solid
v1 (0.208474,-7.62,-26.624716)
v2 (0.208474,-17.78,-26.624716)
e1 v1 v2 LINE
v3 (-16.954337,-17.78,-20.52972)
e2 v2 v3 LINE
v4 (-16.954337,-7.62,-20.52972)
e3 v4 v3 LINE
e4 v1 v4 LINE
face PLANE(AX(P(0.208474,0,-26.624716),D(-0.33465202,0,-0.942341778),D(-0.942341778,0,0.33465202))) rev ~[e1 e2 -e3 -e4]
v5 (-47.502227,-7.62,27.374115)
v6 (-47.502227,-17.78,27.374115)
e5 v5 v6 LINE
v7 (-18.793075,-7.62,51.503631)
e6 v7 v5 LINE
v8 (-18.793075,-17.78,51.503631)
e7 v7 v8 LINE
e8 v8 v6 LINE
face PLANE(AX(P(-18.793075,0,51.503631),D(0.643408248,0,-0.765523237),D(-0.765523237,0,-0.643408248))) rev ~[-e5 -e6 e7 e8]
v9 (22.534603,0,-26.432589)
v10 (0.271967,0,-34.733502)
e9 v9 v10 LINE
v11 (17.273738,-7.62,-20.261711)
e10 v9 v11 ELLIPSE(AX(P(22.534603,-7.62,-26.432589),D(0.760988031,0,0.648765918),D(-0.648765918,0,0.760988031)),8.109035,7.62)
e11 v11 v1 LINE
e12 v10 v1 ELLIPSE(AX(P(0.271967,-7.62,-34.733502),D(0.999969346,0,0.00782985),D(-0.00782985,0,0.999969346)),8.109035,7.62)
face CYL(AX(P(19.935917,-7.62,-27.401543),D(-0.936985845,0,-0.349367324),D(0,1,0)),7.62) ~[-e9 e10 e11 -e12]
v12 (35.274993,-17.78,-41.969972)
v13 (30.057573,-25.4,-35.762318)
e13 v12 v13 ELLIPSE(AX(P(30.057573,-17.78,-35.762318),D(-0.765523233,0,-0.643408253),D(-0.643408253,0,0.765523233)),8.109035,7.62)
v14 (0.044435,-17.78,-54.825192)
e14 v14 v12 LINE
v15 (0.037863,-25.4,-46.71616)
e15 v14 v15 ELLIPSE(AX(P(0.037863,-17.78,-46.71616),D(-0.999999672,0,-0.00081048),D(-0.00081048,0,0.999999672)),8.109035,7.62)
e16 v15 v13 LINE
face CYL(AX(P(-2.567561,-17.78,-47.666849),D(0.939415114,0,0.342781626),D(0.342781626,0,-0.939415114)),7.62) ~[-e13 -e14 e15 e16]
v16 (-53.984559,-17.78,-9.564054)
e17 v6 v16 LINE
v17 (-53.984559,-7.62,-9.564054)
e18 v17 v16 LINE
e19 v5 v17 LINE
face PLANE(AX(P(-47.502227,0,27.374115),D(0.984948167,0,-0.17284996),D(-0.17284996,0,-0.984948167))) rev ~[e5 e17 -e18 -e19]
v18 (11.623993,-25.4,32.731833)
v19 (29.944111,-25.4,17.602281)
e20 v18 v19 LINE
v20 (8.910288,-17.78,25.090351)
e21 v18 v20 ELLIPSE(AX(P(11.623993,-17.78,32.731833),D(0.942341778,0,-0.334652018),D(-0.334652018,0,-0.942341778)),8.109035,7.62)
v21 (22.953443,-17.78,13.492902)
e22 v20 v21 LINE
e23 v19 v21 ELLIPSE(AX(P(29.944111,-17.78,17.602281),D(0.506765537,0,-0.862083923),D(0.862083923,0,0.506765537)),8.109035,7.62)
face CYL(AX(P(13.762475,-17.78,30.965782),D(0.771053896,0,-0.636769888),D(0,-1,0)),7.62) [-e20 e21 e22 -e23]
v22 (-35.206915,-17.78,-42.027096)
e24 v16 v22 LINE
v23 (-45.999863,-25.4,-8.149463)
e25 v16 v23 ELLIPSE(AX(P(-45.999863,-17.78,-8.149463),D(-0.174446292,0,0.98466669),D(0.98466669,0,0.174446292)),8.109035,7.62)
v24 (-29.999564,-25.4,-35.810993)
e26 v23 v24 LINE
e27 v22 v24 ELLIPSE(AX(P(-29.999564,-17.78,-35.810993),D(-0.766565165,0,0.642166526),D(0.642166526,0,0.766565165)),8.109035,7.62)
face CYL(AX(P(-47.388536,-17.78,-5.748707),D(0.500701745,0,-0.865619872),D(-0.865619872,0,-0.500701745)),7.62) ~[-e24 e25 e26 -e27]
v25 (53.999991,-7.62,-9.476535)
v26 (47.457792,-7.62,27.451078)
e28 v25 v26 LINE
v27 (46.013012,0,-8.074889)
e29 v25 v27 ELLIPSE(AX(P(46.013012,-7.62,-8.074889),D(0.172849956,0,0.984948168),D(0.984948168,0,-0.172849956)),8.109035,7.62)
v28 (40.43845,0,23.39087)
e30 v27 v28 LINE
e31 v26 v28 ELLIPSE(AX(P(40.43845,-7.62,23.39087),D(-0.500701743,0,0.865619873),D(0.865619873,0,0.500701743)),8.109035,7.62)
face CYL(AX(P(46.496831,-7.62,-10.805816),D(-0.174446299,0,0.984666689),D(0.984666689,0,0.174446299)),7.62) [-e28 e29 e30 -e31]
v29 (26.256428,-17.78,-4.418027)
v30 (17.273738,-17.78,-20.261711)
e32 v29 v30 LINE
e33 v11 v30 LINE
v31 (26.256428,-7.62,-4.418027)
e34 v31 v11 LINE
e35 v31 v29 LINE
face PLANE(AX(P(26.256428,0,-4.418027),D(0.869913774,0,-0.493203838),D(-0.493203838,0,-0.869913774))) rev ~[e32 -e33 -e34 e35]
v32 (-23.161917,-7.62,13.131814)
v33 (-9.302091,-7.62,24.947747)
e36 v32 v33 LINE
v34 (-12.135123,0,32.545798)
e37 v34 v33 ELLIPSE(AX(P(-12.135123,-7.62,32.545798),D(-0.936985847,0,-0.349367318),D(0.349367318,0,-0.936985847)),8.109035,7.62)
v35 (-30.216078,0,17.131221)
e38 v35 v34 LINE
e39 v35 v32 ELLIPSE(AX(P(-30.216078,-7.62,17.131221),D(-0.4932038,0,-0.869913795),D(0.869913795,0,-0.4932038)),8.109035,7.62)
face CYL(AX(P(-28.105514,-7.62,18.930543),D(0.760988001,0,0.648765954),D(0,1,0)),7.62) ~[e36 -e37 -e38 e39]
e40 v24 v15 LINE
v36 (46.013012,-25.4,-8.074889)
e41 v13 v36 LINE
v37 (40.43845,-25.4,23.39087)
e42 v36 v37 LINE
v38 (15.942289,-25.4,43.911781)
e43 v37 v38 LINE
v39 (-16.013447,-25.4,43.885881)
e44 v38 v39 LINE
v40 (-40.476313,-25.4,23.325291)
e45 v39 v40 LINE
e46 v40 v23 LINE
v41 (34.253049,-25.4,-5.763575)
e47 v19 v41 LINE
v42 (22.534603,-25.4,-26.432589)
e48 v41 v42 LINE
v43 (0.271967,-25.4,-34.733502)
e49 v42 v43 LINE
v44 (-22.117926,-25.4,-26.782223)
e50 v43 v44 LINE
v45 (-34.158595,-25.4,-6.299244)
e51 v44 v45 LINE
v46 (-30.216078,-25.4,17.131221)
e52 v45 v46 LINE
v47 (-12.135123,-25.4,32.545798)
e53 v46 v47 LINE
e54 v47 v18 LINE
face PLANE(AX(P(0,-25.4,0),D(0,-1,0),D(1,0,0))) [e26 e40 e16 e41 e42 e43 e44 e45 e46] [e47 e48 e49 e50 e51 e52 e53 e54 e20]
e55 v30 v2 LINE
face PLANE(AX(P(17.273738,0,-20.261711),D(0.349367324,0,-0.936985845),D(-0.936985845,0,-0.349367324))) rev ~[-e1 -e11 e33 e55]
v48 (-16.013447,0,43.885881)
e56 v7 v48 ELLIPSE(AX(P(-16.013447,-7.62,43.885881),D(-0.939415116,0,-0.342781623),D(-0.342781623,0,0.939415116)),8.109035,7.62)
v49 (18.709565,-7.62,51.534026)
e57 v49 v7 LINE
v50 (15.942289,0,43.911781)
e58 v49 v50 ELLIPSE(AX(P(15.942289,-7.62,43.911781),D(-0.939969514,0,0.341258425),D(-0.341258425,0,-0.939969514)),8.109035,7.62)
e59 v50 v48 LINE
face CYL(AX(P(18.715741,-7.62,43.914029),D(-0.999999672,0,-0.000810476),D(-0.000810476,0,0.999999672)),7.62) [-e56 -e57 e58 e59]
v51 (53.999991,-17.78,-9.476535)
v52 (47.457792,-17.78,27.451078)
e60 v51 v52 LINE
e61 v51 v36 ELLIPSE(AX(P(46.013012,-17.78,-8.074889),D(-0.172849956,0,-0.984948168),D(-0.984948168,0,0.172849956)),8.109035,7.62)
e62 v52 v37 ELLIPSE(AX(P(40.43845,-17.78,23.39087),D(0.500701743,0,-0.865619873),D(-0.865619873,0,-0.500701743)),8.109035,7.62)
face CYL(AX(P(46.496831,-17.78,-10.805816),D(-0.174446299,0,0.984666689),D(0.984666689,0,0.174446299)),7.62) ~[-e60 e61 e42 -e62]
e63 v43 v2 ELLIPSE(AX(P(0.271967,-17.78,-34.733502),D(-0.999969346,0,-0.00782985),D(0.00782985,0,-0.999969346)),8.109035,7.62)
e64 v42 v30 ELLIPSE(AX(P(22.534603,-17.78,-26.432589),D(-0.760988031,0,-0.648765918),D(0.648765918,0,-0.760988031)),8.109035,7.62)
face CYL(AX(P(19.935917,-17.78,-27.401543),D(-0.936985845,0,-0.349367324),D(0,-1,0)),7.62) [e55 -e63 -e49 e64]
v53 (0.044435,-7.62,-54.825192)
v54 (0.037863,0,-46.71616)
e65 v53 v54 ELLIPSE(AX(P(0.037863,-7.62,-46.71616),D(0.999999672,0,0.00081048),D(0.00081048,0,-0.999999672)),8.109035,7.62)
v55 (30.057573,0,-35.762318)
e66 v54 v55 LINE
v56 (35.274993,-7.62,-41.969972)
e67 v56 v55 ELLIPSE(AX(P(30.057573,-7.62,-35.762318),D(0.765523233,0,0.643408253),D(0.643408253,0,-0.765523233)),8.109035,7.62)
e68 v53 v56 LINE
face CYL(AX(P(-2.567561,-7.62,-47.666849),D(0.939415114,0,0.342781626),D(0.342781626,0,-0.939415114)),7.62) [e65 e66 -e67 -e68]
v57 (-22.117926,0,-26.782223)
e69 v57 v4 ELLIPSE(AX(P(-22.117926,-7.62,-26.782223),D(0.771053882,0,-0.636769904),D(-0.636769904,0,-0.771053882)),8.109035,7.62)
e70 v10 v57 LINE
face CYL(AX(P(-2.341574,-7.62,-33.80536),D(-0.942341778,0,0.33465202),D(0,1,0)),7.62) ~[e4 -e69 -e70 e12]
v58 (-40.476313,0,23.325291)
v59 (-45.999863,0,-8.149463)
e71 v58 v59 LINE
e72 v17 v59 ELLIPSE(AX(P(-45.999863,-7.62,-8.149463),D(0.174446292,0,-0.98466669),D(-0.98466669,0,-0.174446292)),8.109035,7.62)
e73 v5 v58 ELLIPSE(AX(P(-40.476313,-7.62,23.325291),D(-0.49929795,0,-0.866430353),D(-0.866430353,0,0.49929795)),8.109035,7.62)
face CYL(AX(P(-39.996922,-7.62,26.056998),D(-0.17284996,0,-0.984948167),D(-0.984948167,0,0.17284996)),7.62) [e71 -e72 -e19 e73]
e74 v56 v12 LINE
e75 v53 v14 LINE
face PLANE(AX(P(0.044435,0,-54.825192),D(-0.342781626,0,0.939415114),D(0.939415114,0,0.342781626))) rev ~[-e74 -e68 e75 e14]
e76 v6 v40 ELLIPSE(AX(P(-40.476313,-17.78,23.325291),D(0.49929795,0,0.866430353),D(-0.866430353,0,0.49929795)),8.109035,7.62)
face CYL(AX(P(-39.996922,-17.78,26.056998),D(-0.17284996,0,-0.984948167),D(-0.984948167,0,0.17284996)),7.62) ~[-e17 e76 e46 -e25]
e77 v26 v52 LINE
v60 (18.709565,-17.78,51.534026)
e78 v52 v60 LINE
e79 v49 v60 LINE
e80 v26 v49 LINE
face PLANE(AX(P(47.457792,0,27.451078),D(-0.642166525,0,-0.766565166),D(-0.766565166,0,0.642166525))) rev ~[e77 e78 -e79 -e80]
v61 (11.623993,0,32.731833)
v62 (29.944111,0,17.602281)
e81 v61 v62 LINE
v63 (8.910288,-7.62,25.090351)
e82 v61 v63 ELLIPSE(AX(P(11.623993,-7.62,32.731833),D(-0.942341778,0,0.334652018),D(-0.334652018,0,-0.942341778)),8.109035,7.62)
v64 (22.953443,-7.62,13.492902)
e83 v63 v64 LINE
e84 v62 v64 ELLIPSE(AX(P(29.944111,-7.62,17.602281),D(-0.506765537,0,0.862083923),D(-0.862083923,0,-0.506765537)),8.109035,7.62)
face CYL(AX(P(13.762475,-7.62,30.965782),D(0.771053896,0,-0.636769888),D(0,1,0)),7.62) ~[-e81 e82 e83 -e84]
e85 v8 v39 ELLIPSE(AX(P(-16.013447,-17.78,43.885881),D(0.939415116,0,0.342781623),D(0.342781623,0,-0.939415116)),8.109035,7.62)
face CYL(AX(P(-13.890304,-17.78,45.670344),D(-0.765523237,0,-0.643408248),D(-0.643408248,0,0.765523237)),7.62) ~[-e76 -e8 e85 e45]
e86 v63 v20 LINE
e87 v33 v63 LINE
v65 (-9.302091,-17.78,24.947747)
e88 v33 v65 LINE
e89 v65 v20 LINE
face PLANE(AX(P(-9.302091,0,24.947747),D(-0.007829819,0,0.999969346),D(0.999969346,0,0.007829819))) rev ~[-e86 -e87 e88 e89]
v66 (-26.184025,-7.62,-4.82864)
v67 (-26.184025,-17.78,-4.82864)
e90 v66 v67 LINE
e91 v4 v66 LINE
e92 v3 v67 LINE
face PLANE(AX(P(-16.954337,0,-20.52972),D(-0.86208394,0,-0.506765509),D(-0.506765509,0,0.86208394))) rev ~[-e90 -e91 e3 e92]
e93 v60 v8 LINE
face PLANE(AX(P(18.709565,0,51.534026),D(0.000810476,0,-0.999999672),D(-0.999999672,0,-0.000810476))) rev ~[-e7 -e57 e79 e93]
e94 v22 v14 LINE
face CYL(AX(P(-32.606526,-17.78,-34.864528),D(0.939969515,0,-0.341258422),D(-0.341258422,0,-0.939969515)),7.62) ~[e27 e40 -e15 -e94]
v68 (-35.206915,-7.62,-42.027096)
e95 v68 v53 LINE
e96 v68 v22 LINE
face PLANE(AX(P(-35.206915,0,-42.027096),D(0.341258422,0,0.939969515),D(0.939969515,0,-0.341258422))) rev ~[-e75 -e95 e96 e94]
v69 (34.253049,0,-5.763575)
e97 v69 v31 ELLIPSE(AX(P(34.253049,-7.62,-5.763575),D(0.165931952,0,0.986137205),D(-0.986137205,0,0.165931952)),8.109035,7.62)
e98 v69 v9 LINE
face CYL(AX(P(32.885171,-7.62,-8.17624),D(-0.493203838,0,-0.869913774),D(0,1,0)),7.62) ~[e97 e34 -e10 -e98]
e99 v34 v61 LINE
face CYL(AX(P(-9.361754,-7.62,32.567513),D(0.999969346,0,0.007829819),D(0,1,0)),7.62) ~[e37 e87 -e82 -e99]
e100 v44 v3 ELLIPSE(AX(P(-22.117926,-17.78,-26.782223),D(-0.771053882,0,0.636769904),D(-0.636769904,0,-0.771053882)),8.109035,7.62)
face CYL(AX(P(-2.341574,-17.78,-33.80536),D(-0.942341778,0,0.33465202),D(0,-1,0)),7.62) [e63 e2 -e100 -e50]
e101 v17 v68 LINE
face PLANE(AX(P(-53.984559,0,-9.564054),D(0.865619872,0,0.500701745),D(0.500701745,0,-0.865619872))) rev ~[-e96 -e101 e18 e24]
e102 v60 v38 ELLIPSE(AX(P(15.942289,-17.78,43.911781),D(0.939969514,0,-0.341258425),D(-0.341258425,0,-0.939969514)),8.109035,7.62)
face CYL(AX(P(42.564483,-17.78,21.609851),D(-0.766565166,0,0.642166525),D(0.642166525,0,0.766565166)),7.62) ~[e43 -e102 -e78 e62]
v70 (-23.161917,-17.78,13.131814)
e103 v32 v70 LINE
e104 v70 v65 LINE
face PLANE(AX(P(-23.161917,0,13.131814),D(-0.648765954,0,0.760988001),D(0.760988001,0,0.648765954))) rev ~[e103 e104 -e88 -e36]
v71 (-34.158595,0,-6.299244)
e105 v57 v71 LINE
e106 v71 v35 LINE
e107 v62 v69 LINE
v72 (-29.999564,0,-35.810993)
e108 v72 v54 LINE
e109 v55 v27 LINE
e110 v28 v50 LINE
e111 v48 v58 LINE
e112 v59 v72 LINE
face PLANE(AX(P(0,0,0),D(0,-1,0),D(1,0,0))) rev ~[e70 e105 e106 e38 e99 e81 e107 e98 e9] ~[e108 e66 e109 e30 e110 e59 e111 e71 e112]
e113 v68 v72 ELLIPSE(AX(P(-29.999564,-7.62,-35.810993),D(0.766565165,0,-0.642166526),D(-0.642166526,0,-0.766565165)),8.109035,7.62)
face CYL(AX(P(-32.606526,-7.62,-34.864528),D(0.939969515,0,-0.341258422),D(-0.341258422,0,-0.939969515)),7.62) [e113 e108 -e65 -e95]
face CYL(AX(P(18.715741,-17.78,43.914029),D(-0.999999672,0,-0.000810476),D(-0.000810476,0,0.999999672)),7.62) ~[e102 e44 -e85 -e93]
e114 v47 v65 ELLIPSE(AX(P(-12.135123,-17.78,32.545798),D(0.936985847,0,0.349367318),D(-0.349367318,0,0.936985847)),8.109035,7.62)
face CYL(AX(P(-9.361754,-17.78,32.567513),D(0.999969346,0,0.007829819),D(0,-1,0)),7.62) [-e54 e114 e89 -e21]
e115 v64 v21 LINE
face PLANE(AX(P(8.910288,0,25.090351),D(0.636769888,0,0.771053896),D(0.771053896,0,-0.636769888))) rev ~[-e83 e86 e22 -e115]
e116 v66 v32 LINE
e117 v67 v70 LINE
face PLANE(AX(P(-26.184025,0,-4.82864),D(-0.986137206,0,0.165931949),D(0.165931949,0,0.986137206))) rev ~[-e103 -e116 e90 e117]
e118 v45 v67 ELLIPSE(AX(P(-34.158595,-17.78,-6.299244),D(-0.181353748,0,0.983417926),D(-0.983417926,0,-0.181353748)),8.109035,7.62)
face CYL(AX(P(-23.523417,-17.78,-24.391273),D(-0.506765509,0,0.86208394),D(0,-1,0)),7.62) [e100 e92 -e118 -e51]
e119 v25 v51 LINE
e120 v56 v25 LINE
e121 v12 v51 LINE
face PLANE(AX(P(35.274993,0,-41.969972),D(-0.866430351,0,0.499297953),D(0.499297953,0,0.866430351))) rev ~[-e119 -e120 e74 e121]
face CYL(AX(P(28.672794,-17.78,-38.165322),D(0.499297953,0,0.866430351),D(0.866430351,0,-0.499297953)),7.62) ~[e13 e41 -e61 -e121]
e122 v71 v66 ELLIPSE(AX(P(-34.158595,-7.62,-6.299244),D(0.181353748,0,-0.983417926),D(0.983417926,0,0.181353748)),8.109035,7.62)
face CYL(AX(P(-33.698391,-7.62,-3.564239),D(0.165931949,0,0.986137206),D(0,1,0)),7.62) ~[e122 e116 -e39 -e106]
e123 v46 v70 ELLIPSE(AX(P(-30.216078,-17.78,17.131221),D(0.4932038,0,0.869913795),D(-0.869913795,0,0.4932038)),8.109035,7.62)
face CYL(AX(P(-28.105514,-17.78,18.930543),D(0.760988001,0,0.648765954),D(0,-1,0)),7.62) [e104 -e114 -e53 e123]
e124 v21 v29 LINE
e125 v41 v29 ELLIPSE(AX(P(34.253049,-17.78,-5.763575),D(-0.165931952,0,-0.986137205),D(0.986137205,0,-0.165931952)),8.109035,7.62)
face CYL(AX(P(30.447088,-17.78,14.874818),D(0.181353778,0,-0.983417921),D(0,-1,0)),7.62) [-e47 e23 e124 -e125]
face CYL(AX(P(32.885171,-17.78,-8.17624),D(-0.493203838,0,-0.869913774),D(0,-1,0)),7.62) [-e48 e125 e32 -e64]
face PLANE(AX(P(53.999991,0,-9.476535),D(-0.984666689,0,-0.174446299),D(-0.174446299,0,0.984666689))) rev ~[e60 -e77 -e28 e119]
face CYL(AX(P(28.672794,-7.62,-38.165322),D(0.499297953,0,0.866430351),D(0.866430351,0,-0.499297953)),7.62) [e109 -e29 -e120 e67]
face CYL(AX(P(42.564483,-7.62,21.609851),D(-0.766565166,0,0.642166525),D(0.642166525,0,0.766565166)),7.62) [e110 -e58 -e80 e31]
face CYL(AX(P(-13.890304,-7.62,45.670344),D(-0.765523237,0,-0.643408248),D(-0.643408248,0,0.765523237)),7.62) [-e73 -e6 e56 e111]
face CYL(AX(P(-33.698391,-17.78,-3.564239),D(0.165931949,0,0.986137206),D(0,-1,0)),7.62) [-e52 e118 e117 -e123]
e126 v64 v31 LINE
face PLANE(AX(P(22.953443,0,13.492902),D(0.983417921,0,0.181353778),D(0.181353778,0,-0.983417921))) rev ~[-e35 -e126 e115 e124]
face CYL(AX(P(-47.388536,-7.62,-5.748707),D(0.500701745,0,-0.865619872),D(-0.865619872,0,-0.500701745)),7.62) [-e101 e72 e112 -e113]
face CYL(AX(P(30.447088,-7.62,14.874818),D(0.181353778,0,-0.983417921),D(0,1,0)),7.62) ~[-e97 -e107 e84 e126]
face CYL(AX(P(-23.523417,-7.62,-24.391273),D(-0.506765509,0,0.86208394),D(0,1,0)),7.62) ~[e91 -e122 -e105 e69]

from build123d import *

# Parameters (mm, degrees)
F1_DEPTH = 25.4
F2_R     = 7.62
F3_R     = 7.62


with BuildPart() as f1:
    # F0 (on Front) → F1 (new body)
    with BuildSketch(Plane.XZ):
        Polygon((-53.984559, -9.564054), (-35.206915, -42.027096), (0.044435, -54.825192), (35.274993, -41.969972), (53.999991, -9.476535), (47.457792, 27.451078), (18.709565, 51.534026), (-18.793075, 51.503631), (-47.502227, 27.374115), align=None)
        Polygon((0.208474, -26.624716), (-16.954337, -20.52972), (-26.184025, -4.82864), (-23.161917, 13.131814), (-9.302091, 24.947747), (8.910288, 25.090351), (22.953443, 13.492902), (26.256428, -4.418027), (17.273738, -20.261711), align=None, mode=Mode.SUBTRACT)
    extrude(amount=F1_DEPTH)

    # F2
    f2_edges = [f1.edges().sort_by_distance(p)[0] for p in [
        (-0.041755, 0, 51.518829),
        (-33.147651, 0, 39.438873),
        (-50.743393, 0, 8.90503),
        (-44.595737, 0, -25.795575),
        (-17.58124, 0, -48.426144),
        (17.659714, 0, -48.397582),
        (44.637492, 0, -25.723254),
        (50.728891, 0, 8.987271),
        (33.083679, 0, 39.492552),
        (-33.147651, -25.4, 39.438873),
        (-0.041755, -25.4, 51.518829),
        (33.083679, -25.4, 39.492552),
        (50.728891, -25.4, 8.987271),
        (44.637492, -25.4, -25.723254),
        (17.659714, -25.4, -48.397582),
        (-17.58124, -25.4, -48.426144),
        (-44.595737, -25.4, -25.795575),
        (-50.743393, -25.4, 8.90503),
    ]]
    fillet(f2_edges, radius=F2_R)

    # F3
    f3_edges = [f1.edges().sort_by_distance(p)[0] for p in [
        (15.931865, -25.4, 19.291626),
        (24.604935, -25.4, 4.537438),
        (21.765083, -25.4, -12.339869),
        (8.741106, -25.4, -23.443213),
        (-8.372932, -25.4, -23.577218),
        (-21.569181, -25.4, -12.67918),
        (-24.672971, -25.4, 4.151587),
        (-16.232004, -25.4, 19.03978),
        (-0.195901, -25.4, 25.019049),
        (-8.372932, 0, -23.577218),
        (8.741106, 0, -23.443213),
        (21.765083, 0, -12.339869),
        (24.604935, 0, 4.537438),
        (15.931865, 0, 19.291626),
        (-0.195901, 0, 25.019049),
        (-16.232004, 0, 19.03978),
        (-24.672971, 0, 4.151587),
        (-21.569181, 0, -12.67918),
    ]]
    fillet(f3_edges, radius=F3_R)


solid = f1.part
